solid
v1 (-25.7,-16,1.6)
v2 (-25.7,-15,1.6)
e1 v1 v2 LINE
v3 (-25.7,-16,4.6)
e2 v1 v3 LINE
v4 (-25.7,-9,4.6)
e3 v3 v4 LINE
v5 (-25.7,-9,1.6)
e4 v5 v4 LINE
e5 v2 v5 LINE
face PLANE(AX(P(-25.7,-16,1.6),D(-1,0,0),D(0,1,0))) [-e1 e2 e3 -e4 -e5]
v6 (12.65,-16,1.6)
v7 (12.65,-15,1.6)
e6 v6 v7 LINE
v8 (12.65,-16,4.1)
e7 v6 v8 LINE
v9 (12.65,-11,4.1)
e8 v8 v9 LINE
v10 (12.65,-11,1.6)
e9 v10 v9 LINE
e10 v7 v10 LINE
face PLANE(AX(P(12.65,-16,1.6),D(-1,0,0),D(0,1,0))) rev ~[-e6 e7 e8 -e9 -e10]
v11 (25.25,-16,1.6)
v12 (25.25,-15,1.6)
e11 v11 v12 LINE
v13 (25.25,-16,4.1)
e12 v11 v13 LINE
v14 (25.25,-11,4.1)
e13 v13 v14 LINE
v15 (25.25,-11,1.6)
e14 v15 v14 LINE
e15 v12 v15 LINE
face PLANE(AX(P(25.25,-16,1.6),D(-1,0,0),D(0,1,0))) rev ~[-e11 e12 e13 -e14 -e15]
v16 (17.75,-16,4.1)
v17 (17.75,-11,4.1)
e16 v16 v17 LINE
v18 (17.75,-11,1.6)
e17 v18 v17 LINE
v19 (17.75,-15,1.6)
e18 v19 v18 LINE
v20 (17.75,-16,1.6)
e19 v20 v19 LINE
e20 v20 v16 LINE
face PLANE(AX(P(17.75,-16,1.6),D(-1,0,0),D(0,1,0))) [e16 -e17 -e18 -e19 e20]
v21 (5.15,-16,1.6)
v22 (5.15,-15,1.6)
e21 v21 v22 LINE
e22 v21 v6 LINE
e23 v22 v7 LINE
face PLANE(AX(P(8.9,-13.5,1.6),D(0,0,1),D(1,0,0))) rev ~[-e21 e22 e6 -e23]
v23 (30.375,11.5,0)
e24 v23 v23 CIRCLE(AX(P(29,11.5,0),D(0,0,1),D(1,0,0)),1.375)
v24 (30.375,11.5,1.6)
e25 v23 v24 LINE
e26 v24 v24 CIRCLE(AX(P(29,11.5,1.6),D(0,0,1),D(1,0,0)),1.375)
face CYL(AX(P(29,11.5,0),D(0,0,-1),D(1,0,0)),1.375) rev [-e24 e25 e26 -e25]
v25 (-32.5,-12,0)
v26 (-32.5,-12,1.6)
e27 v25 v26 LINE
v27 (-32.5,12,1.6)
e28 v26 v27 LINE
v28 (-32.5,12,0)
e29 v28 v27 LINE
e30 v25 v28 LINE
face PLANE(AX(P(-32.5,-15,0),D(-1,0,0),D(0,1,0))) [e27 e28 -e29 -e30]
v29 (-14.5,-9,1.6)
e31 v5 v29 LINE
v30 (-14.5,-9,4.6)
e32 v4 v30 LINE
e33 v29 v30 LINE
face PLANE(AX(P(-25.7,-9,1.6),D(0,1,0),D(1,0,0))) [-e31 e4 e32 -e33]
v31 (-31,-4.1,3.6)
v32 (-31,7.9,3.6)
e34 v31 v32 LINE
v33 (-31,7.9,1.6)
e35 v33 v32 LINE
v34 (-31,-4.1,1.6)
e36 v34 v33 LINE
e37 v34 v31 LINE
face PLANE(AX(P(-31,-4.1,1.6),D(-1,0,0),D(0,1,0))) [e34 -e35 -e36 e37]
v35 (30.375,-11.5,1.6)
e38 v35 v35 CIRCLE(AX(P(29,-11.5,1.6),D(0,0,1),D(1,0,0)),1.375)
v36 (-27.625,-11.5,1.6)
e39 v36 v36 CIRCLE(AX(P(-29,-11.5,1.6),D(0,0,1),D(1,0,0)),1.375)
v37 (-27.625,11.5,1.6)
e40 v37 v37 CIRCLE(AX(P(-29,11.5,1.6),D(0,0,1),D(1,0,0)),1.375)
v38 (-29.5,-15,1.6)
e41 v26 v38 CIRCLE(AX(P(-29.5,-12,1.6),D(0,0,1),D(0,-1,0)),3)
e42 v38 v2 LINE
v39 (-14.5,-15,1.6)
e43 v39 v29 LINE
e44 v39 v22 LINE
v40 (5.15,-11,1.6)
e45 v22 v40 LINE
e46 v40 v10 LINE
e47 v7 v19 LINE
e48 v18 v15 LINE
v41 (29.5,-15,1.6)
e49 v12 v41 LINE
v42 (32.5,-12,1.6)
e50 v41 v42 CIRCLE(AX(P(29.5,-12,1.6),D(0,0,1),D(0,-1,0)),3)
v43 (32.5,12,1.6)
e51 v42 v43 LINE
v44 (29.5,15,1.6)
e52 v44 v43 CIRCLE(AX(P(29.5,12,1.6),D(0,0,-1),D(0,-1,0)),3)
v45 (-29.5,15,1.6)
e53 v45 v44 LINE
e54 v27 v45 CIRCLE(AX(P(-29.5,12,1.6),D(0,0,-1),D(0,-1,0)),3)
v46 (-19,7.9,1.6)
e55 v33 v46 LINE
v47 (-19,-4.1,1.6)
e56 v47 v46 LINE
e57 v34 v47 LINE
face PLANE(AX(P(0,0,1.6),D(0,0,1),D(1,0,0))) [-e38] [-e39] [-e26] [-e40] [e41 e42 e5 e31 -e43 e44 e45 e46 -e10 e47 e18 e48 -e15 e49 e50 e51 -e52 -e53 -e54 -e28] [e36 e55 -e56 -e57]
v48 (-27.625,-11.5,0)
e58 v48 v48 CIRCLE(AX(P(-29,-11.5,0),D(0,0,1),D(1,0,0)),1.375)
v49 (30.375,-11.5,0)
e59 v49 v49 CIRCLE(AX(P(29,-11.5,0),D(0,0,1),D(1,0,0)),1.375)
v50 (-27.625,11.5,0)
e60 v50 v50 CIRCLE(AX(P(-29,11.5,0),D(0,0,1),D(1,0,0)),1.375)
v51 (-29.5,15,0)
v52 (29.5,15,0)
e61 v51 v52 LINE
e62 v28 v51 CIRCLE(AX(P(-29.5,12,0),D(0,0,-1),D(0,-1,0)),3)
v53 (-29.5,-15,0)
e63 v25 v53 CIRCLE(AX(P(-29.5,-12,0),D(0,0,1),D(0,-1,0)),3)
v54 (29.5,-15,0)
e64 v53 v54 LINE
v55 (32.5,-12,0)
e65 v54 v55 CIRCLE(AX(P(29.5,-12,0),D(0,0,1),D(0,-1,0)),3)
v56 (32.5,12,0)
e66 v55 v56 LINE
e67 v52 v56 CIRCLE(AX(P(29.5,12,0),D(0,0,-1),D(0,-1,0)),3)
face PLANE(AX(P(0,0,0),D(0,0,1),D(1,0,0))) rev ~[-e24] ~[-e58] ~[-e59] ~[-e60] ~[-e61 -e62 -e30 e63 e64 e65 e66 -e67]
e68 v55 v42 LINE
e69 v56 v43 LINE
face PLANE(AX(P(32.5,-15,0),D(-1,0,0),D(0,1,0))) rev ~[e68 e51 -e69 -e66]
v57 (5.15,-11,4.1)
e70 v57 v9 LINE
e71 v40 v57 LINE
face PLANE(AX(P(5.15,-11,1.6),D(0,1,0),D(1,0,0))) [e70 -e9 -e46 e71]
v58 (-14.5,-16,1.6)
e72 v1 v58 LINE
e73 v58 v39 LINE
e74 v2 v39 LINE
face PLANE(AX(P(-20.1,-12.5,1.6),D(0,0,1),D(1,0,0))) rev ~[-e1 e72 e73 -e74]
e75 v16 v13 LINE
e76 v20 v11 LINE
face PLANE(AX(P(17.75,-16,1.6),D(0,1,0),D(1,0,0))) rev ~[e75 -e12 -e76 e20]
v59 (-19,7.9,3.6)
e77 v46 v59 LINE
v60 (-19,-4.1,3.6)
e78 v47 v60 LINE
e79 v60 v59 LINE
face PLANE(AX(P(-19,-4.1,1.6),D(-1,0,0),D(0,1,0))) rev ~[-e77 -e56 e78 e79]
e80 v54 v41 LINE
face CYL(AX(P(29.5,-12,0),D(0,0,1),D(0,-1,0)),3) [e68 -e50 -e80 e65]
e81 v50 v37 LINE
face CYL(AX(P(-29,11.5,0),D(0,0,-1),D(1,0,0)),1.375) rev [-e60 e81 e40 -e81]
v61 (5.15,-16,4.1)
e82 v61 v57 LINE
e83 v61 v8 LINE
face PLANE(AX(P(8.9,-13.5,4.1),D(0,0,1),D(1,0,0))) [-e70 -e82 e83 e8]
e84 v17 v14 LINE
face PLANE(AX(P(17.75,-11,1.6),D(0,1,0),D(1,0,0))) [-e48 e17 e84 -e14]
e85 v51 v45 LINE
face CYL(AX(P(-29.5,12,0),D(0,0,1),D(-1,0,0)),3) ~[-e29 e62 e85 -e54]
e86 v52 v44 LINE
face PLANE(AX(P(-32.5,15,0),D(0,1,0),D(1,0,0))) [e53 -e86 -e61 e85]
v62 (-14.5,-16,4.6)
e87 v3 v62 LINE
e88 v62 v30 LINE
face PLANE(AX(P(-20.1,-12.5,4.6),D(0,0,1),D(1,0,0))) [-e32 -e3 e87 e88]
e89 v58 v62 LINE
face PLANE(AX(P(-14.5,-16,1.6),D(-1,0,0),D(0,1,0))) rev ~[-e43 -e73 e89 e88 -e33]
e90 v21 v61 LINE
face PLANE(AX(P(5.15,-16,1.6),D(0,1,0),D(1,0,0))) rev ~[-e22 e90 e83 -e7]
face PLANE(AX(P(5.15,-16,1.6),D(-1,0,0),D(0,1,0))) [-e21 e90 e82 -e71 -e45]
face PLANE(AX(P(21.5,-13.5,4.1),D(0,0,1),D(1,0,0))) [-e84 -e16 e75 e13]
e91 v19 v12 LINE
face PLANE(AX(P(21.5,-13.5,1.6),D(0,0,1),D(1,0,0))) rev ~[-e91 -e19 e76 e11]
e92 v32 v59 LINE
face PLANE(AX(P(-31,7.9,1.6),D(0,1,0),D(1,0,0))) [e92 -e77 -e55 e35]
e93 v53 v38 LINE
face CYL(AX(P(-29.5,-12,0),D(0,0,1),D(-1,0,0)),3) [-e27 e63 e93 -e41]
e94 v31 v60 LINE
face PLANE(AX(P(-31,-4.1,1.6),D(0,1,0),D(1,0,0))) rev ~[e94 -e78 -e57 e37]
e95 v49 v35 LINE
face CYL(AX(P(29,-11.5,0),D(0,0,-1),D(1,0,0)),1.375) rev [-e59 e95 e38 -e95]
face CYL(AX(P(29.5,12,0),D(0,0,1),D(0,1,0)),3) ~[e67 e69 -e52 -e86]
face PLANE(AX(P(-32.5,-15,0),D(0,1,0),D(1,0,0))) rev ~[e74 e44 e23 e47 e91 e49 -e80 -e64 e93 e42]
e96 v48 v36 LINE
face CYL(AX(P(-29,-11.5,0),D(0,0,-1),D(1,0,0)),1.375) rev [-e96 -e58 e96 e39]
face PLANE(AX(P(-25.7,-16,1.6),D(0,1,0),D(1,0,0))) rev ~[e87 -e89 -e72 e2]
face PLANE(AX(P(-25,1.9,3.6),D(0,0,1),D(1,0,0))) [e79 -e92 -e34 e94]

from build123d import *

# Parameters (mm, degrees)
F0_W     = 65
F0_H     = 30
F0_R     = 1.375
F1_DEPTH = 1.6
F2_R     = 3
F3_W     = 12
F3_H     = 12
F4_DEPTH = 2
F5_W     = 11.2
F5_H     = 7
F6_DEPTH = 3
F7_W     = 7.5
F7_H     = 5
F8_DEPTH = 2.5


with BuildPart() as f1:
    # F0 (on Top) → F1 (new body)
    with BuildSketch(Plane.XY):
        Rectangle(F0_W, F0_H)
        with Locations((-29, -11.5)):
            Circle(F0_R, mode=Mode.SUBTRACT)
        with Locations((29, -11.5)):
            Circle(F0_R, mode=Mode.SUBTRACT)
        with Locations((-29, 11.5)):
            Circle(F0_R, mode=Mode.SUBTRACT)
        with Locations((29, 11.5)):
            Circle(F0_R, mode=Mode.SUBTRACT)
    extrude(amount=F1_DEPTH)

    # F2
    f2_edges = [f1.edges().sort_by_distance(p)[0] for p in [
        (-32.5, -15, 0.8),
        (-32.5, 15, 0.8),
        (32.5, -15, 0.8),
        (32.5, 15, 0.8),
    ]]
    fillet(f2_edges, radius=F2_R)

    # F3 (on face) → F4 (join)
    with BuildSketch(Plane.XY.offset(1.6)):
        with Locations((-25, 1.9)):
            Rectangle(F3_W, F3_H)
    extrude(amount=F4_DEPTH)

    # F5 (on face) → F6 (join)
    with BuildSketch(Plane.XY.offset(1.6)):
        with Locations((-20.1, -12.5)):
            Rectangle(F5_W, F5_H)
    extrude(amount=F6_DEPTH)

    # F7 (on face) → F8 (join)
    with BuildSketch(Plane.XY.offset(1.6)):
        with Locations((8.9, -13.5)):
            Rectangle(F7_W, F7_H)
        with Locations((21.5, -13.5)):
            Rectangle(F7_W, F7_H)
    extrude(amount=F8_DEPTH)


solid = f1.part
